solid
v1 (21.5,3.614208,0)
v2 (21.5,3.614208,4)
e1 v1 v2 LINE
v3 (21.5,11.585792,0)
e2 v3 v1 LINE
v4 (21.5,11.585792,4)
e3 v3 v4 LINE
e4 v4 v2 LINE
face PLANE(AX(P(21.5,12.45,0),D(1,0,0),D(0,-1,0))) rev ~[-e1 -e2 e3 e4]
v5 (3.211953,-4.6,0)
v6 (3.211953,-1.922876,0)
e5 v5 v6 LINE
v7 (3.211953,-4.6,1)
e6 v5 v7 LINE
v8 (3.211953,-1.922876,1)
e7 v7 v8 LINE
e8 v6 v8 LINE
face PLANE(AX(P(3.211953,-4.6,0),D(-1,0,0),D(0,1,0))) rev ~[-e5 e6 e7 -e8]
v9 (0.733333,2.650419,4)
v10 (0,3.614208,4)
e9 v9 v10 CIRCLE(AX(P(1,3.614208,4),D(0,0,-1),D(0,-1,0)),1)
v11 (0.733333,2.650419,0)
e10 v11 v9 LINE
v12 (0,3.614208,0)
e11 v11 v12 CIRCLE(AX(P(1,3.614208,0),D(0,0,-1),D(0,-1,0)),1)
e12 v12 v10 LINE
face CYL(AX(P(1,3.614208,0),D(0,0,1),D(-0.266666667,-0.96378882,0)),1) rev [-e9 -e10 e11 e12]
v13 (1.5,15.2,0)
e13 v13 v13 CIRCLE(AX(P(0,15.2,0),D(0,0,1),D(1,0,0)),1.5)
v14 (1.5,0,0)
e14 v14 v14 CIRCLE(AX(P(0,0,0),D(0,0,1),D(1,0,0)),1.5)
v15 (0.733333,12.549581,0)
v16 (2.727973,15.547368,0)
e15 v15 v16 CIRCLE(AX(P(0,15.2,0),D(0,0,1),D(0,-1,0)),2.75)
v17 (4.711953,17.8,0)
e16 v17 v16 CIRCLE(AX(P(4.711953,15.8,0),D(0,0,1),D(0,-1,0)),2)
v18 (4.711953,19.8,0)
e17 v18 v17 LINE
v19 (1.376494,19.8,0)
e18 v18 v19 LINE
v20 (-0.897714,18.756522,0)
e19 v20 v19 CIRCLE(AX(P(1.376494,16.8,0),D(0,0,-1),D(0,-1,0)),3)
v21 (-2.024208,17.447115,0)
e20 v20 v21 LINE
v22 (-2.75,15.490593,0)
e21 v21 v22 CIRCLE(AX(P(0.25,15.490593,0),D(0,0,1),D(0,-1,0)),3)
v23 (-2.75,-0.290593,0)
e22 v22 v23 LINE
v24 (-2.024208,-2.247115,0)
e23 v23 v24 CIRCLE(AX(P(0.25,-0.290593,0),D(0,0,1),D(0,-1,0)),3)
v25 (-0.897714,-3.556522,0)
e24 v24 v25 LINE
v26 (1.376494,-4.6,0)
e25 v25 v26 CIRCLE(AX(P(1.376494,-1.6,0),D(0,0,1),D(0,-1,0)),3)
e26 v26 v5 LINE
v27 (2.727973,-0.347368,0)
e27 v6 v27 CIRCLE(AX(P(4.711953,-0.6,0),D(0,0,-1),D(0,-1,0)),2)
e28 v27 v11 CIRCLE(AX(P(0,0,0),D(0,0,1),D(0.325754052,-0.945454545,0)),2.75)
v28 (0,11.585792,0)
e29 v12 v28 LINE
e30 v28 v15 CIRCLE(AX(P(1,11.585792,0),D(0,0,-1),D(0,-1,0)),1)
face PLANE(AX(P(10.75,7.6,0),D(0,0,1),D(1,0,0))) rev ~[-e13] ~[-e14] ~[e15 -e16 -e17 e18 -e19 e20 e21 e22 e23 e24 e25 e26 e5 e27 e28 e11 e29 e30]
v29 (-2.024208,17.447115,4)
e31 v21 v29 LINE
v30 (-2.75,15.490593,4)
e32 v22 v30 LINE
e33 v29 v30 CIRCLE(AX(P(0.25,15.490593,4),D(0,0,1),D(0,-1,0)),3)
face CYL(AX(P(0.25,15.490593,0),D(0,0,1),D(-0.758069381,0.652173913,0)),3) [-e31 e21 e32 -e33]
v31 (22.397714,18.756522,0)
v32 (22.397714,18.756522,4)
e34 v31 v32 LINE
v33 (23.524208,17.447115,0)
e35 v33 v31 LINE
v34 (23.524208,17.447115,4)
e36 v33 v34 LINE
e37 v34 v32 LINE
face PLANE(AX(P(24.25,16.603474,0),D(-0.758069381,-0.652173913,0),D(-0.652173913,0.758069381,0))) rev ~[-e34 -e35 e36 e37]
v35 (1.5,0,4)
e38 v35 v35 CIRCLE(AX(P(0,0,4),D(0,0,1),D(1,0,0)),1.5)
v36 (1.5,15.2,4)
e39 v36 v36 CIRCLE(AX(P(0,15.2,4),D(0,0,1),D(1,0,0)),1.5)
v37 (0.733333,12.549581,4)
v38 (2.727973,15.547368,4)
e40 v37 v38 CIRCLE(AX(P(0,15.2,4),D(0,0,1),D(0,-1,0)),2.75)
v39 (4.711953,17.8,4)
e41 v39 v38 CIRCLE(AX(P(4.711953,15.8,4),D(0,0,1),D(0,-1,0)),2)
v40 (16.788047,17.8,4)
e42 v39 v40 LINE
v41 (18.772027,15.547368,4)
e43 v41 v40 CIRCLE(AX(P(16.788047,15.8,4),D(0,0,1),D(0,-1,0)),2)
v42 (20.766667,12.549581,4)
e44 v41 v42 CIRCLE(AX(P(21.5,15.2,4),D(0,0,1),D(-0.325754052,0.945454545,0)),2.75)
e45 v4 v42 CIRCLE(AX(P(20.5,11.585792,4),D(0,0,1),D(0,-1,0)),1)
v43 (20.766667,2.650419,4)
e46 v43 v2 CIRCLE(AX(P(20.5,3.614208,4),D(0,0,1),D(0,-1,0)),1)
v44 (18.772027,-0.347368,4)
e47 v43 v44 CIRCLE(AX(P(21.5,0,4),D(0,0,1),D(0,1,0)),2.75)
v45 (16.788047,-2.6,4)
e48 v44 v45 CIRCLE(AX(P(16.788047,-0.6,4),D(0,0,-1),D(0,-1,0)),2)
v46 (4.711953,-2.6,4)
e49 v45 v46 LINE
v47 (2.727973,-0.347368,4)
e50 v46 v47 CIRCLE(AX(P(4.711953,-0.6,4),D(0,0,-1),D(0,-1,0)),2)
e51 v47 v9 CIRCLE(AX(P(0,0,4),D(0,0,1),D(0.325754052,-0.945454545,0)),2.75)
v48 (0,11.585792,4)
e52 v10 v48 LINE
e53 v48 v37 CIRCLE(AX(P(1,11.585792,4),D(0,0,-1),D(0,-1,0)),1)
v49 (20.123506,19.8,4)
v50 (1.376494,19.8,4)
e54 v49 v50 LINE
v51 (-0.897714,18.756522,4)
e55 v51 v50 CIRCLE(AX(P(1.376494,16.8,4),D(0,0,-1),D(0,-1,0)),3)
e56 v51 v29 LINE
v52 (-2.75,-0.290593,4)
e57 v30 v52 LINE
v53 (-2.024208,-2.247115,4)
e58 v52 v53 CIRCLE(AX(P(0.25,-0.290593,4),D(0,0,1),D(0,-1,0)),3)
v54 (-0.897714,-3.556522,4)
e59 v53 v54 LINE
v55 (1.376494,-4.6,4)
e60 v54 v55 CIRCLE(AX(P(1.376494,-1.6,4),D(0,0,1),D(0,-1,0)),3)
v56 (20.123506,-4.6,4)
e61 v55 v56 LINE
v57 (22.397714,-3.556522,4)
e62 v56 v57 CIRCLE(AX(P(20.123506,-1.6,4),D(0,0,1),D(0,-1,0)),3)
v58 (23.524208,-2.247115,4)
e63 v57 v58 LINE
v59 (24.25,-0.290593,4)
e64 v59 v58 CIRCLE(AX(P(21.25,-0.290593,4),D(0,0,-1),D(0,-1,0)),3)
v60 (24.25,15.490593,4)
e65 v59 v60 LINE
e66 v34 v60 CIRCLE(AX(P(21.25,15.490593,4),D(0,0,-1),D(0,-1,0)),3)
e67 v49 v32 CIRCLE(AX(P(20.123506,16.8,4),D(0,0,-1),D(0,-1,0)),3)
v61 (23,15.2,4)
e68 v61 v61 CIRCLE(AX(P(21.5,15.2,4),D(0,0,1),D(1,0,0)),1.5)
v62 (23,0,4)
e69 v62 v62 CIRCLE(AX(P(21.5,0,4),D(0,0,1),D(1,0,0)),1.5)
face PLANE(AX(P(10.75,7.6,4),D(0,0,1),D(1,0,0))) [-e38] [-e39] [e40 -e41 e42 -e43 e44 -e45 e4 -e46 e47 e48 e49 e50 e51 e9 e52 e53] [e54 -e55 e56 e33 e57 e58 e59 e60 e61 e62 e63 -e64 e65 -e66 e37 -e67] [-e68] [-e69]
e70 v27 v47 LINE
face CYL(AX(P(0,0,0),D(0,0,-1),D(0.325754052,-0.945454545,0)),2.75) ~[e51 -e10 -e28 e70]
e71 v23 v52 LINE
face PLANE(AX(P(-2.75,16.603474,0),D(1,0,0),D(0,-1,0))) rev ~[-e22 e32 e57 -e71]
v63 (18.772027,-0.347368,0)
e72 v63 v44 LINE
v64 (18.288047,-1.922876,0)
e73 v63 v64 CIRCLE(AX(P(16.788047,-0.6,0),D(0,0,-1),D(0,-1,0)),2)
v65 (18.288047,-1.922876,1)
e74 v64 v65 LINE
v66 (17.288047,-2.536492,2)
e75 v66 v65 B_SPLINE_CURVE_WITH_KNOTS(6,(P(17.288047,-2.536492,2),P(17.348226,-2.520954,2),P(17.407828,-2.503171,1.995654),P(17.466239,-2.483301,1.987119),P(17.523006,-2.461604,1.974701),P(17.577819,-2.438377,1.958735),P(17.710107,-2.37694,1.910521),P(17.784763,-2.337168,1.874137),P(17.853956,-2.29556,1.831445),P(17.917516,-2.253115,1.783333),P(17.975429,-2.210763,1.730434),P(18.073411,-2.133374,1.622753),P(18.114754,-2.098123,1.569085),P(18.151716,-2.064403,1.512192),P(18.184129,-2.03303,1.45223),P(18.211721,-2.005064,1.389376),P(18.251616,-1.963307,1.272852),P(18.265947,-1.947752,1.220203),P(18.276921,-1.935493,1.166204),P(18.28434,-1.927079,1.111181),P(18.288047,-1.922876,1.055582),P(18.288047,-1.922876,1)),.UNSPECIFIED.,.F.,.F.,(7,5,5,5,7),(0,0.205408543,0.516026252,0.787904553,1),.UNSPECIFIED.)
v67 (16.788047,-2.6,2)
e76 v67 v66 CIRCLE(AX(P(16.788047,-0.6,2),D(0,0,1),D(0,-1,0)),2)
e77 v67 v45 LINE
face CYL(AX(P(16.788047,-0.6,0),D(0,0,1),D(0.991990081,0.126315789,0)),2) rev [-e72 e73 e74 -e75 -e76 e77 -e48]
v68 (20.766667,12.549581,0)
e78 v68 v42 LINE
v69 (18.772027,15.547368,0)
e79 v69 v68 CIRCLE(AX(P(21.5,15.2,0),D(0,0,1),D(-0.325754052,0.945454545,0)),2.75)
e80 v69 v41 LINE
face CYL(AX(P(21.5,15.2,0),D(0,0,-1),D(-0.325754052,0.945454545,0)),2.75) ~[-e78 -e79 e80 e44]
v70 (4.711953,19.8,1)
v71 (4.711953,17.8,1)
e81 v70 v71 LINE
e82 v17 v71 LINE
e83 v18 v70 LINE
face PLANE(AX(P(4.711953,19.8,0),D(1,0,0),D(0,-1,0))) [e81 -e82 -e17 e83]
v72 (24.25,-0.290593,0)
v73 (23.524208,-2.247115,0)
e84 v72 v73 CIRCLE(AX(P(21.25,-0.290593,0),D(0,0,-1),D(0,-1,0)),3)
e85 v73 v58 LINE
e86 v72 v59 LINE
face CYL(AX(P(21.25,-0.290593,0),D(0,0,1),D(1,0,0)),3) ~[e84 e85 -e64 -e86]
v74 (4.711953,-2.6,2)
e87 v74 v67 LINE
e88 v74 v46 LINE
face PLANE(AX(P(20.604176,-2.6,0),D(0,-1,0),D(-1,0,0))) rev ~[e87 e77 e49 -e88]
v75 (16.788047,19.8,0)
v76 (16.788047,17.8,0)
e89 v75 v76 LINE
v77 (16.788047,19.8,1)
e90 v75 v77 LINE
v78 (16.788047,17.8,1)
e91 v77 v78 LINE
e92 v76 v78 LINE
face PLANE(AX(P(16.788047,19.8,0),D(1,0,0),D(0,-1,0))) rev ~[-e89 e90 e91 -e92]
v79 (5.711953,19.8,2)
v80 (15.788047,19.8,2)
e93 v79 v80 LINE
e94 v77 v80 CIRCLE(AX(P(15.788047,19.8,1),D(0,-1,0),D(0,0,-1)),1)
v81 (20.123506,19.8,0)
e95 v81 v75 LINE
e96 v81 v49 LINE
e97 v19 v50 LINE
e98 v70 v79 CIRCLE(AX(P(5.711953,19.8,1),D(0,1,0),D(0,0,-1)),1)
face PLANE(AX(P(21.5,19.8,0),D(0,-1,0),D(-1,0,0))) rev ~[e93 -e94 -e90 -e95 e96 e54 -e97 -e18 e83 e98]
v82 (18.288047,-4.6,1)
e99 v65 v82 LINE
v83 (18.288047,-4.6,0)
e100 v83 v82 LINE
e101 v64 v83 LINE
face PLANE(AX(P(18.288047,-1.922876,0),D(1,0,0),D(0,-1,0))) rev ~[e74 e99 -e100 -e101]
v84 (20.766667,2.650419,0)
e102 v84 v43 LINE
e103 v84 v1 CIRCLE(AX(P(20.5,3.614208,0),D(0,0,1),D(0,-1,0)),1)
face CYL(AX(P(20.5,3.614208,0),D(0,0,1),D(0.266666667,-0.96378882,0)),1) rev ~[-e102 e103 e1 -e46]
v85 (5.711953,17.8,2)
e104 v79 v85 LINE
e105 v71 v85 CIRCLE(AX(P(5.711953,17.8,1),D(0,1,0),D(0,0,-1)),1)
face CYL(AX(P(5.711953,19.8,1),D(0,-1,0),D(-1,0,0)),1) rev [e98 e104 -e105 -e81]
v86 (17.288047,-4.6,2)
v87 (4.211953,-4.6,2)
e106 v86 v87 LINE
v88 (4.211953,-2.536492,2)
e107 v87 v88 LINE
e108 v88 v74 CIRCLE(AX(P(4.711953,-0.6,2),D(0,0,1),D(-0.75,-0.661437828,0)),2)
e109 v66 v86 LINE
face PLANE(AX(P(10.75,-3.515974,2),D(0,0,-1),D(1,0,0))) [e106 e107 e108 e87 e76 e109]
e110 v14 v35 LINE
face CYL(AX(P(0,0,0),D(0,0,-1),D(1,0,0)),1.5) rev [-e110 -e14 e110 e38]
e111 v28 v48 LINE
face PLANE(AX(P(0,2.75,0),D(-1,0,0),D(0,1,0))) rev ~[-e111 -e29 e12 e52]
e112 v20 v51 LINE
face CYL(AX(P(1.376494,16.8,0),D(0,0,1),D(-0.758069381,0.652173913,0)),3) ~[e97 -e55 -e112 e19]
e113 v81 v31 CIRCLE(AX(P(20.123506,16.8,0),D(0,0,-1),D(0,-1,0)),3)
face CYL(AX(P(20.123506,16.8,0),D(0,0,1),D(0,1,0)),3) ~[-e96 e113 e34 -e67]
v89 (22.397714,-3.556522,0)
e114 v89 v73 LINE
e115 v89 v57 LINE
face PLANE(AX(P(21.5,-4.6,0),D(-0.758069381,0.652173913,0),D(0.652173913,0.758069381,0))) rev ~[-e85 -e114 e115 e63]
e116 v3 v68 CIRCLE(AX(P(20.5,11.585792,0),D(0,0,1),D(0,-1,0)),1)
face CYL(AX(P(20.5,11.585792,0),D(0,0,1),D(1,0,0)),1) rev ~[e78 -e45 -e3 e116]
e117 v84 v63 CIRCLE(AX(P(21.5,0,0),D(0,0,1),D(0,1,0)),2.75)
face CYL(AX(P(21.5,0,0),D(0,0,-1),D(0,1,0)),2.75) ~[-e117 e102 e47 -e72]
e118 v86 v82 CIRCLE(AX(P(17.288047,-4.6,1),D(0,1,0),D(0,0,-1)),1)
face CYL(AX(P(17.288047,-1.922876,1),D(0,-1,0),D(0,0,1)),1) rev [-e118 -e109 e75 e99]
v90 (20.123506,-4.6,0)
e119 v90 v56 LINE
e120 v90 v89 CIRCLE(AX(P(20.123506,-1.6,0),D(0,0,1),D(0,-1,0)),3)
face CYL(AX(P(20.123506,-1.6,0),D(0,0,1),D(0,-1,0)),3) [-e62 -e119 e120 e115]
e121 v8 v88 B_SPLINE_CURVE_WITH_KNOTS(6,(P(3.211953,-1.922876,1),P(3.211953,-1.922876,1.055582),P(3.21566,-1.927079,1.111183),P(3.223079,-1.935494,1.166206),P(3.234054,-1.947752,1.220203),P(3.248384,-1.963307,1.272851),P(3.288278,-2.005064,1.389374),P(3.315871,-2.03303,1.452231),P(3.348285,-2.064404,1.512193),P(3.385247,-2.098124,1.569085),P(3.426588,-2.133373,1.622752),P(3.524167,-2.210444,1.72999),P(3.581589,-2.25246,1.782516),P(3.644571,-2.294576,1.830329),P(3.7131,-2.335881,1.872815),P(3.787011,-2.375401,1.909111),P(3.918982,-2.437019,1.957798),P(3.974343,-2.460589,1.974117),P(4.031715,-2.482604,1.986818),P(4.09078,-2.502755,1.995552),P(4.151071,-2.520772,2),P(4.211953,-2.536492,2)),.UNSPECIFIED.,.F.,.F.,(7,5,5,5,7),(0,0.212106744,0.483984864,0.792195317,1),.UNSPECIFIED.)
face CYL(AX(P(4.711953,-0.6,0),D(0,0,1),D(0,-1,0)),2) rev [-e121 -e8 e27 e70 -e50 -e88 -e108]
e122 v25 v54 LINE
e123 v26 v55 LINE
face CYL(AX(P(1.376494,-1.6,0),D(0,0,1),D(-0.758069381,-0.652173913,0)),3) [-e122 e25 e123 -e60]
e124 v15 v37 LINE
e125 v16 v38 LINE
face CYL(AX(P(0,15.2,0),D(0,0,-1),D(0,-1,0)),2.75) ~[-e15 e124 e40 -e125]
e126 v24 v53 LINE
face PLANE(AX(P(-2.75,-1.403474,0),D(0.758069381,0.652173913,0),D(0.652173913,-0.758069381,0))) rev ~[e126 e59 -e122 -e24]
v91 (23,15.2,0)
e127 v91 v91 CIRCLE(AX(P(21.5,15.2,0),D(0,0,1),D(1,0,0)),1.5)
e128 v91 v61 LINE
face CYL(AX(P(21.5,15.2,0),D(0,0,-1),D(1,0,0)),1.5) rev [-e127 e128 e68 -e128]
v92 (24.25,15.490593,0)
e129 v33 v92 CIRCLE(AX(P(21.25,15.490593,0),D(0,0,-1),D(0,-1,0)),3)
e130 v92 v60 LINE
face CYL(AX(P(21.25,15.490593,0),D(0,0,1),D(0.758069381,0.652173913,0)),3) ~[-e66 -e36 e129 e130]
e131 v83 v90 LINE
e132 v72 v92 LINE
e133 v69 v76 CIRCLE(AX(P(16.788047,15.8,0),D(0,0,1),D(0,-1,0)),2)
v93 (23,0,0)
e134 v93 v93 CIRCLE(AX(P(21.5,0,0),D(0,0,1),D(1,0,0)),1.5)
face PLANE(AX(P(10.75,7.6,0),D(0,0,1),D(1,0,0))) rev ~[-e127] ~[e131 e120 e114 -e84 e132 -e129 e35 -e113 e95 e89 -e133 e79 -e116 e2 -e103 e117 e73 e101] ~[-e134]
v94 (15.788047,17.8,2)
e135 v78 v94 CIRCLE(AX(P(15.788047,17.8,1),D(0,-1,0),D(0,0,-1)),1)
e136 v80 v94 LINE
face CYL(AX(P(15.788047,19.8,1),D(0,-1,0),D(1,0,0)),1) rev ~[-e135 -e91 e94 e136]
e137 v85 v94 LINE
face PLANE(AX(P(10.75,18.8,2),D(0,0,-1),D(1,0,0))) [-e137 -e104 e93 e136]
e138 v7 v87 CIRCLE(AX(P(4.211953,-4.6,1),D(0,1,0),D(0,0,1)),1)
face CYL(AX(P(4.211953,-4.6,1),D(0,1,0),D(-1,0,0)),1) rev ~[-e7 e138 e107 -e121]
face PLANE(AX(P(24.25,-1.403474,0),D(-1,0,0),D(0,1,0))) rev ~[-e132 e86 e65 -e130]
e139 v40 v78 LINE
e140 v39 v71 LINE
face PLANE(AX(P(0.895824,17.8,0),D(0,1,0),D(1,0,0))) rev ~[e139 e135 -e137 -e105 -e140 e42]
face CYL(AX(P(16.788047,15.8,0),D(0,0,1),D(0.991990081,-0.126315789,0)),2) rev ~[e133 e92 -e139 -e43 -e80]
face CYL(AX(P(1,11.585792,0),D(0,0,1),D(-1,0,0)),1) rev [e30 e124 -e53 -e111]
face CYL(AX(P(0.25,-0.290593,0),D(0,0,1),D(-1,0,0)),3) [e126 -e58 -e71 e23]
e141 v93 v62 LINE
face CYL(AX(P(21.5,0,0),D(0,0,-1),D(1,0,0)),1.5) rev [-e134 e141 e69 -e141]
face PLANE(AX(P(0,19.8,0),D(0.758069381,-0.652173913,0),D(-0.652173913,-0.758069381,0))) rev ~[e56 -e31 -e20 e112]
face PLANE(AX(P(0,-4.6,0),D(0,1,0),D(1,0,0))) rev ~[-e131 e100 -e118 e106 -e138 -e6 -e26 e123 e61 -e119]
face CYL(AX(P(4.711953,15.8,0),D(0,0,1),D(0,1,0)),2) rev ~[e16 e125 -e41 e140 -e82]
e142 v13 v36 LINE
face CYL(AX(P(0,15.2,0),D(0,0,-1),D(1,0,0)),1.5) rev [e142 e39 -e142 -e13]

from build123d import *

# Parameters (mm, degrees)
F0_R     = 1.5
F1_DEPTH = 4
F2_R     = 2
F3_R     = 1
F4_R     = 3
F5_W     = 12.076094228
F5_H     = 2
F6_DEPTH = 2
F7_R     = 1


with BuildPart() as f1:
    # F0 (on Top) → F1 (new body)
    with BuildSketch(Plane.XY):
        Polygon((0, 19.8), (-2.75, 16.6034741081), (-2.75, -1.4034741081), (0, -4.6), (21.5, -4.6), (24.25, -1.4034741081), (24.25, 16.6034741081), (21.5, 19.8), align=None)
        Circle(F0_R, mode=Mode.SUBTRACT)
        with Locations((21.5, 0)):
            Circle(F0_R, mode=Mode.SUBTRACT)
        with Locations((0, 15.2)):
            Circle(F0_R, mode=Mode.SUBTRACT)
        with BuildLine():
            Line((20.6041763566, -2.6), (0.8958236434, -2.6))
            ThreePointArc((0.8958236434, -2.6), (2.712240771, 0.4541475531), (0, 2.75))
            Line((0, 2.75), (0, 12.45))
            ThreePointArc((0, 12.45), (2.712240771, 14.7458524469), (0.8958236434, 17.8))
            Line((0.8958236434, 17.8), (20.6041763566, 17.8))
            ThreePointArc((20.6041763566, 17.8), (18.787759229, 14.7458524469), (21.5, 12.45))
            Line((21.5, 12.45), (21.5, 2.75))
            ThreePointArc((21.5, 2.75), (18.787759229, 0.4541475531), (20.6041763566, -2.6))
        make_face(mode=Mode.SUBTRACT)
        with Locations((21.5, 15.2)):
            Circle(F0_R, mode=Mode.SUBTRACT)
    extrude(amount=F1_DEPTH)

    # F2
    f2_edges = [f1.edges().sort_by_distance(p)[0] for p in [
        (0.895824, 17.8, 2),
        (20.604176, 17.8, 2),
        (0.895824, -2.6, 2),
        (20.604176, -2.6, 2),
    ]]
    fillet(f2_edges, radius=F2_R)

    # F3
    f3_edges = [f1.edges().sort_by_distance(p)[0] for p in [
        (0, 12.45, 2),
        (0, 2.75, 2),
        (21.5, 12.45, 2),
        (21.5, 2.75, 2),
    ]]
    fillet(f3_edges, radius=F3_R)

    # F4
    f4_edges = [f1.edges().sort_by_distance(p)[0] for p in [
        (0, -4.6, 2),
        (21.5, -4.6, 2),
        (24.25, -1.403474, 2),
        (24.25, 16.603474, 2),
        (21.5, 19.8, 2),
        (0, 19.8, 2),
        (-2.75, 16.603474, 2),
        (-2.75, -1.403474, 2),
    ]]
    fillet(f4_edges, radius=F4_R)

    # F5 (on face) → F6 (cut)
    with BuildSketch(Plane(origin=(0, 0, 0), x_dir=(1, 0, 0), z_dir=(0, 0, -1))):
        with Locations((10.75, -18.8)):
            Rectangle(F5_W, F5_H)
        with BuildLine():
            Line((3.211952886, 4.6), (3.211952886, 1.9228756555))
            ThreePointArc((3.211952886, 1.9228756555), (3.8890772305, 2.4228756555), (4.711952886, 2.6))
            Line((4.711952886, 2.6), (16.788047114, 2.6))
            ThreePointArc((16.788047114, 2.6), (17.6109227695, 2.4228756555), (18.288047114, 1.9228756555))
            Line((18.288047114, 1.9228756555), (18.288047114, 4.6))
            Line((18.288047114, 4.6), (3.211952886, 4.6))
        make_face()
    extrude(amount=-F6_DEPTH, mode=Mode.SUBTRACT)

    # F7
    f7_edges = [f1.edges().sort_by_distance(p)[0] for p in [
        (4.711953, 18.8, 2),
        (16.788047, 18.8, 2),
        (18.288047, -3.261438, 2),
        (3.211953, -3.261438, 2),
    ]]
    fillet(f7_edges, radius=F7_R)


solid = f1.part
